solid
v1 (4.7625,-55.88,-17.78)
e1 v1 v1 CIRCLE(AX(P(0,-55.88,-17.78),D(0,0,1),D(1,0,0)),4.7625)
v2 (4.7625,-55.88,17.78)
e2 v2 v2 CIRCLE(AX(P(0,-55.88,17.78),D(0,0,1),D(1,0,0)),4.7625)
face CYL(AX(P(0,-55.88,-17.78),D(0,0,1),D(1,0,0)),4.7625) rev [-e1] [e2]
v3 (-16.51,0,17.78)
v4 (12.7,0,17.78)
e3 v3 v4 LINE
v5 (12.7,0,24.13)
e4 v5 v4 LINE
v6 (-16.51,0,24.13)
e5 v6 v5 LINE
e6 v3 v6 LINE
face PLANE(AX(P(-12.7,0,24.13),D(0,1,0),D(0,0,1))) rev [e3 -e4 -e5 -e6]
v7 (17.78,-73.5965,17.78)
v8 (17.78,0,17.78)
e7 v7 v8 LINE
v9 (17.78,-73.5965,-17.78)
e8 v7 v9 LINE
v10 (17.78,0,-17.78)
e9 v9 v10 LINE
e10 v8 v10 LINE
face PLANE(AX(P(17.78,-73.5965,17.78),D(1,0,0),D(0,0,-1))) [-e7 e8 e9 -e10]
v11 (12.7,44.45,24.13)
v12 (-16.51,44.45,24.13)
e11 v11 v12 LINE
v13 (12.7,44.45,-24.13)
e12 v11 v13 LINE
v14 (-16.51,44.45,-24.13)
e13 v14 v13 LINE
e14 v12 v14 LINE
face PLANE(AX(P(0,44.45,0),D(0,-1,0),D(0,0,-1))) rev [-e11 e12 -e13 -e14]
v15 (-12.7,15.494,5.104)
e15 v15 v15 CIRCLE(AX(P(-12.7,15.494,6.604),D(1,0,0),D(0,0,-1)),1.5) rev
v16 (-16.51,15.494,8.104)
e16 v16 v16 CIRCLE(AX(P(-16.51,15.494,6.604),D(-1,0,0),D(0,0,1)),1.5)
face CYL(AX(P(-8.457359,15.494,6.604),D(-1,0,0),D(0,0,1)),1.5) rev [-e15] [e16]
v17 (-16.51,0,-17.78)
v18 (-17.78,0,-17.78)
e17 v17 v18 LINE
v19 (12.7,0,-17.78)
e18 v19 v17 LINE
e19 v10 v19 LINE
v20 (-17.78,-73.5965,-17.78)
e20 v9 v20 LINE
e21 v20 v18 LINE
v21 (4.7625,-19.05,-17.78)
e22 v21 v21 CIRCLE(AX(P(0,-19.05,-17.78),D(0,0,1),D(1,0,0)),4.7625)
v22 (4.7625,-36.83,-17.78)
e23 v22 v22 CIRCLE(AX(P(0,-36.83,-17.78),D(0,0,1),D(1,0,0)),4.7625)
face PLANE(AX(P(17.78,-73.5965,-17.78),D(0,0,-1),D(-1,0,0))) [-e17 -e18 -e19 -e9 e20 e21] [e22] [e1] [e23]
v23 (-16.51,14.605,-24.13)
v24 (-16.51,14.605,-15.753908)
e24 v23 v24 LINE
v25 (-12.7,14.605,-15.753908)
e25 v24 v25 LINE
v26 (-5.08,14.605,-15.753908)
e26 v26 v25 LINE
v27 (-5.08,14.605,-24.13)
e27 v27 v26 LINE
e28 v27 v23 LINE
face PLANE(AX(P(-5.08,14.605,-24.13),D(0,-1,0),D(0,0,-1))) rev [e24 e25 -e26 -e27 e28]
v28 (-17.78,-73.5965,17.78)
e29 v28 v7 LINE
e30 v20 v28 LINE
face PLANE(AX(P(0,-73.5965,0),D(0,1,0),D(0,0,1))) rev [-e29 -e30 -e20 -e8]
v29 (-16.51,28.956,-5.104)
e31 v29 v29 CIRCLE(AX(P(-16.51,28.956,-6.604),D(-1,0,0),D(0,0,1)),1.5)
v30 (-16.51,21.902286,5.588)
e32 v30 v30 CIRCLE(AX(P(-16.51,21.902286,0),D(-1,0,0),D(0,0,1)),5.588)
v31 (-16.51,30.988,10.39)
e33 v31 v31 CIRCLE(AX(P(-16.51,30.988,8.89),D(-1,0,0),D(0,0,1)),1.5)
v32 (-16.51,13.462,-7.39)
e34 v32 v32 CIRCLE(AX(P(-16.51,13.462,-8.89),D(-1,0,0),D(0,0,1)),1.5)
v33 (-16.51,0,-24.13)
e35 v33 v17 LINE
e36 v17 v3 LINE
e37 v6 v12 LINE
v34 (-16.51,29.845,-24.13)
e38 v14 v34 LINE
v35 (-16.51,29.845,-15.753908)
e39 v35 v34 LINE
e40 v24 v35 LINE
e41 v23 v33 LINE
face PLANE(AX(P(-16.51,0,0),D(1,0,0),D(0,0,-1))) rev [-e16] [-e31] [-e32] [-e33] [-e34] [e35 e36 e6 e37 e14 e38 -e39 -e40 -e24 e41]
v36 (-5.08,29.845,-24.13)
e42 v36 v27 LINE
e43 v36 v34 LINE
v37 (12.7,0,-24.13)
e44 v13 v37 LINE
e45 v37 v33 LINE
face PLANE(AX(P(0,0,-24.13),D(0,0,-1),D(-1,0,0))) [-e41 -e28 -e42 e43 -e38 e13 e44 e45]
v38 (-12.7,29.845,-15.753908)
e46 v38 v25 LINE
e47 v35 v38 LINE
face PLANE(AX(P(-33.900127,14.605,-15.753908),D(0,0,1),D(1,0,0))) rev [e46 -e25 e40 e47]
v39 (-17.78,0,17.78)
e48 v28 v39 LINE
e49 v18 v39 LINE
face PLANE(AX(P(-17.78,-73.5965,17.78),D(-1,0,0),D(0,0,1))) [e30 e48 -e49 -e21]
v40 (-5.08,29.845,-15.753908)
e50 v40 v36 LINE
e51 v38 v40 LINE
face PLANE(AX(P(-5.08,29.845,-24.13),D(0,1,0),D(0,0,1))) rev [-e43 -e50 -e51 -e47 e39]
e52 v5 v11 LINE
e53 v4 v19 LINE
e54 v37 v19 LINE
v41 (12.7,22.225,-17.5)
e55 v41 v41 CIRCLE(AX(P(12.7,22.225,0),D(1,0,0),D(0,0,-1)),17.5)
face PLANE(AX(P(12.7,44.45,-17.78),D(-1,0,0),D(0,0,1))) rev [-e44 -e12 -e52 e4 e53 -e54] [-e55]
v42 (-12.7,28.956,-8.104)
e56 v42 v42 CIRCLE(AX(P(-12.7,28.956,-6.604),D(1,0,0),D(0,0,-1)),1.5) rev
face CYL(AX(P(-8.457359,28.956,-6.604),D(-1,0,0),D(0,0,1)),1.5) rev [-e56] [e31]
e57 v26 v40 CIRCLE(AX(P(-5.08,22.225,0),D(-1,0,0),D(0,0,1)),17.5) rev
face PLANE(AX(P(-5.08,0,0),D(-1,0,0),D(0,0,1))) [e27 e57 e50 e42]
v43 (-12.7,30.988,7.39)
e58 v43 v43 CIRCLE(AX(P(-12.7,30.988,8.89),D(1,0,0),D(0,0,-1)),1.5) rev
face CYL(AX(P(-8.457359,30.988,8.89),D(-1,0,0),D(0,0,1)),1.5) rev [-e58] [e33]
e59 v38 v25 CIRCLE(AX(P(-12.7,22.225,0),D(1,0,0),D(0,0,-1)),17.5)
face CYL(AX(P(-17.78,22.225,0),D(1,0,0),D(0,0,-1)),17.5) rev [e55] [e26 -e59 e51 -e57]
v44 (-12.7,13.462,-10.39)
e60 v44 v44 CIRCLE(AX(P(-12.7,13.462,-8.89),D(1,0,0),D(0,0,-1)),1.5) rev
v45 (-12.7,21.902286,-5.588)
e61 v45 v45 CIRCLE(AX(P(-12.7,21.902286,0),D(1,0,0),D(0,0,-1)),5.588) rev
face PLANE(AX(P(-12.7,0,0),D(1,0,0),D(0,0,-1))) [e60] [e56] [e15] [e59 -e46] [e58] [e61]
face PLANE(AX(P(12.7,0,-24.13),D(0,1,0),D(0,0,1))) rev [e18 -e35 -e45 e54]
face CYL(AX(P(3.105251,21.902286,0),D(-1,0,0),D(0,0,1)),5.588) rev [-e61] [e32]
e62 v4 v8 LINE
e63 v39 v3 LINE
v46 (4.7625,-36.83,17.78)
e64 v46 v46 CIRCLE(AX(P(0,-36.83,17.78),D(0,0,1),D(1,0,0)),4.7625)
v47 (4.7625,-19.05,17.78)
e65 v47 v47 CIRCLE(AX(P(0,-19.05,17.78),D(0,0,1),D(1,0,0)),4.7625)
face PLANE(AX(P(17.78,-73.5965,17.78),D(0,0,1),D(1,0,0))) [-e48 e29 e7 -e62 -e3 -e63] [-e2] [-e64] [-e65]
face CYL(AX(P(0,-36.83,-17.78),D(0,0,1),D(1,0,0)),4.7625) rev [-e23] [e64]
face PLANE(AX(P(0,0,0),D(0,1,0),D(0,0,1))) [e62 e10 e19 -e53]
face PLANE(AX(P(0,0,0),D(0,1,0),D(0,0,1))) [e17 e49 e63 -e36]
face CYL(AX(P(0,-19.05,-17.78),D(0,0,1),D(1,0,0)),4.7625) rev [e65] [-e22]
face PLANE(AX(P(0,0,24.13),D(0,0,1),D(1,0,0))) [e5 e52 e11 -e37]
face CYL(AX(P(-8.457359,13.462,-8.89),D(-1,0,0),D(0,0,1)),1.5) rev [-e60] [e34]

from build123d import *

# Parameters (mm, degrees)
SKETCH1_W           = 35.56
SKETCH1_H           = 35.56
BOSS_EXTRUDE1_DEPTH = 73.5965
SKETCH2_R           = 4.7625
CUT_EXTRUDE1_DEPTH  = 84.648591215
SKETCH3_W           = 25.4
SKETCH3_H           = 35.56
BOSS_EXTRUDE2_DEPTH = 44.45
SKETCH5_W           = 25.4
SKETCH5_H           = 44.45
BOSS_EXTRUDE3_DEPTH = 6.35
SKETCH6_W           = 25.4
SKETCH6_H           = 44.45
BOSS_EXTRUDE4_DEPTH = 6.35
SKETCH4_R           = 17.500000052
CUT_EXTRUDE2_DEPTH  = 84.232998938
SKETCH8_W           = 11.185009969
SKETCH8_H           = 15.24
CUT_EXTRUDE3_DEPTH  = 7.62
SKETCH9_W           = 48.26
SKETCH9_H           = 44.45
BOSS_EXTRUDE6_DEPTH = 3.81
SKETCH12_W          = 8.37609249
SKETCH12_H          = 15.24
CUT_EXTRUDE5_DEPTH  = 3.81
SKETCH13_R          = 5.588
CUT_EXTRUDE6_DEPTH  = 3.81
SKETCH14_R          = 1.5
CUT_EXTRUDE7_DEPTH  = 3.81


with BuildPart() as part:
    # Sketch1 → Boss-Extrude1 (new body)
    with BuildSketch(Plane(origin=(0, 0, 0), x_dir=(1, 0, 0), z_dir=(0, 1, 0))):
        Rectangle(SKETCH1_W, SKETCH1_H)
    extrude(amount=-BOSS_EXTRUDE1_DEPTH)

    # Sketch2 → Cut-Extrude1 (cut, through all)
    with BuildSketch(Plane.XY.offset(17.78)):
        with Locations((0, -19.05)):
            Circle(SKETCH2_R)
        with Locations((0, -36.83)):
            Circle(SKETCH2_R)
        with Locations((0, -55.88)):
            Circle(SKETCH2_R)
    extrude(amount=-CUT_EXTRUDE1_DEPTH, mode=Mode.SUBTRACT)

    # Sketch3 → Boss-Extrude2 (add)
    with BuildSketch(Plane(origin=(0, 0, 0), x_dir=(1, 0, 0), z_dir=(0, 1, 0))):
        Rectangle(SKETCH3_W, SKETCH3_H)
    extrude(amount=BOSS_EXTRUDE2_DEPTH)

    # Sketch5 → Boss-Extrude3 (add)
    with BuildSketch(Plane.XY.offset(17.78)):
        with Locations((0, 22.225)):
            Rectangle(SKETCH5_W, SKETCH5_H)
    extrude(amount=BOSS_EXTRUDE3_DEPTH)

    # Sketch6 → Boss-Extrude4 (add)
    with BuildSketch(Plane(origin=(0, 0, -17.78), x_dir=(-1, 0, 0), z_dir=(0, 0, -1))):
        with Locations((0, 22.225)):
            Rectangle(SKETCH6_W, SKETCH6_H)
    extrude(amount=BOSS_EXTRUDE4_DEPTH)

    # Sketch4 → Cut-Extrude2 (cut, through all)
    with BuildSketch(Plane(origin=(12.7, 0, 0), x_dir=(0, 0, -1), z_dir=(1, 0, 0))):
        with Locations((0, 22.225)):
            Circle(SKETCH4_R)
    extrude(amount=-CUT_EXTRUDE2_DEPTH, mode=Mode.SUBTRACT)

    # Sketch8 → Cut-Extrude3 (cut)
    with BuildSketch(Plane.ZY.offset(12.7)):
        with Locations((-18.537495016, 22.225)):
            Rectangle(SKETCH8_W, SKETCH8_H)
    extrude(amount=-CUT_EXTRUDE3_DEPTH, mode=Mode.SUBTRACT)

    # Sketch9 → Boss-Extrude6 (add)
    with BuildSketch(Plane.ZY.offset(12.7)):
        with Locations((0, 22.225)):
            Rectangle(SKETCH9_W, SKETCH9_H)
    extrude(amount=BOSS_EXTRUDE6_DEPTH)

    # Sketch12 → Cut-Extrude5 (cut)
    with BuildSketch(Plane(origin=(-12.7, 0, 0), x_dir=(0, 0, -1), z_dir=(1, 0, 0))):
        with Locations((19.941953755, 22.225)):
            Rectangle(SKETCH12_W, SKETCH12_H)
    extrude(amount=-CUT_EXTRUDE5_DEPTH, mode=Mode.SUBTRACT)

    # Sketch13 → Cut-Extrude6 (cut)
    with BuildSketch(Plane.ZY.offset(16.51)):
        with Locations((0, 21.902286104)):
            Circle(SKETCH13_R)
    extrude(amount=-CUT_EXTRUDE6_DEPTH, mode=Mode.SUBTRACT)

    # Sketch14 → Cut-Extrude7 (cut)
    with BuildSketch(Plane.ZY.offset(16.51)):
        with Locations((-6.604, 28.956)):
            Circle(SKETCH14_R)
        with Locations((-8.89, 13.462)):
            Circle(SKETCH14_R)
        with Locations((8.89, 30.988)):
            Circle(SKETCH14_R)
        with Locations((6.604, 15.494)):
            Circle(SKETCH14_R)
    extrude(amount=-CUT_EXTRUDE7_DEPTH, mode=Mode.SUBTRACT)


solid = part.part
